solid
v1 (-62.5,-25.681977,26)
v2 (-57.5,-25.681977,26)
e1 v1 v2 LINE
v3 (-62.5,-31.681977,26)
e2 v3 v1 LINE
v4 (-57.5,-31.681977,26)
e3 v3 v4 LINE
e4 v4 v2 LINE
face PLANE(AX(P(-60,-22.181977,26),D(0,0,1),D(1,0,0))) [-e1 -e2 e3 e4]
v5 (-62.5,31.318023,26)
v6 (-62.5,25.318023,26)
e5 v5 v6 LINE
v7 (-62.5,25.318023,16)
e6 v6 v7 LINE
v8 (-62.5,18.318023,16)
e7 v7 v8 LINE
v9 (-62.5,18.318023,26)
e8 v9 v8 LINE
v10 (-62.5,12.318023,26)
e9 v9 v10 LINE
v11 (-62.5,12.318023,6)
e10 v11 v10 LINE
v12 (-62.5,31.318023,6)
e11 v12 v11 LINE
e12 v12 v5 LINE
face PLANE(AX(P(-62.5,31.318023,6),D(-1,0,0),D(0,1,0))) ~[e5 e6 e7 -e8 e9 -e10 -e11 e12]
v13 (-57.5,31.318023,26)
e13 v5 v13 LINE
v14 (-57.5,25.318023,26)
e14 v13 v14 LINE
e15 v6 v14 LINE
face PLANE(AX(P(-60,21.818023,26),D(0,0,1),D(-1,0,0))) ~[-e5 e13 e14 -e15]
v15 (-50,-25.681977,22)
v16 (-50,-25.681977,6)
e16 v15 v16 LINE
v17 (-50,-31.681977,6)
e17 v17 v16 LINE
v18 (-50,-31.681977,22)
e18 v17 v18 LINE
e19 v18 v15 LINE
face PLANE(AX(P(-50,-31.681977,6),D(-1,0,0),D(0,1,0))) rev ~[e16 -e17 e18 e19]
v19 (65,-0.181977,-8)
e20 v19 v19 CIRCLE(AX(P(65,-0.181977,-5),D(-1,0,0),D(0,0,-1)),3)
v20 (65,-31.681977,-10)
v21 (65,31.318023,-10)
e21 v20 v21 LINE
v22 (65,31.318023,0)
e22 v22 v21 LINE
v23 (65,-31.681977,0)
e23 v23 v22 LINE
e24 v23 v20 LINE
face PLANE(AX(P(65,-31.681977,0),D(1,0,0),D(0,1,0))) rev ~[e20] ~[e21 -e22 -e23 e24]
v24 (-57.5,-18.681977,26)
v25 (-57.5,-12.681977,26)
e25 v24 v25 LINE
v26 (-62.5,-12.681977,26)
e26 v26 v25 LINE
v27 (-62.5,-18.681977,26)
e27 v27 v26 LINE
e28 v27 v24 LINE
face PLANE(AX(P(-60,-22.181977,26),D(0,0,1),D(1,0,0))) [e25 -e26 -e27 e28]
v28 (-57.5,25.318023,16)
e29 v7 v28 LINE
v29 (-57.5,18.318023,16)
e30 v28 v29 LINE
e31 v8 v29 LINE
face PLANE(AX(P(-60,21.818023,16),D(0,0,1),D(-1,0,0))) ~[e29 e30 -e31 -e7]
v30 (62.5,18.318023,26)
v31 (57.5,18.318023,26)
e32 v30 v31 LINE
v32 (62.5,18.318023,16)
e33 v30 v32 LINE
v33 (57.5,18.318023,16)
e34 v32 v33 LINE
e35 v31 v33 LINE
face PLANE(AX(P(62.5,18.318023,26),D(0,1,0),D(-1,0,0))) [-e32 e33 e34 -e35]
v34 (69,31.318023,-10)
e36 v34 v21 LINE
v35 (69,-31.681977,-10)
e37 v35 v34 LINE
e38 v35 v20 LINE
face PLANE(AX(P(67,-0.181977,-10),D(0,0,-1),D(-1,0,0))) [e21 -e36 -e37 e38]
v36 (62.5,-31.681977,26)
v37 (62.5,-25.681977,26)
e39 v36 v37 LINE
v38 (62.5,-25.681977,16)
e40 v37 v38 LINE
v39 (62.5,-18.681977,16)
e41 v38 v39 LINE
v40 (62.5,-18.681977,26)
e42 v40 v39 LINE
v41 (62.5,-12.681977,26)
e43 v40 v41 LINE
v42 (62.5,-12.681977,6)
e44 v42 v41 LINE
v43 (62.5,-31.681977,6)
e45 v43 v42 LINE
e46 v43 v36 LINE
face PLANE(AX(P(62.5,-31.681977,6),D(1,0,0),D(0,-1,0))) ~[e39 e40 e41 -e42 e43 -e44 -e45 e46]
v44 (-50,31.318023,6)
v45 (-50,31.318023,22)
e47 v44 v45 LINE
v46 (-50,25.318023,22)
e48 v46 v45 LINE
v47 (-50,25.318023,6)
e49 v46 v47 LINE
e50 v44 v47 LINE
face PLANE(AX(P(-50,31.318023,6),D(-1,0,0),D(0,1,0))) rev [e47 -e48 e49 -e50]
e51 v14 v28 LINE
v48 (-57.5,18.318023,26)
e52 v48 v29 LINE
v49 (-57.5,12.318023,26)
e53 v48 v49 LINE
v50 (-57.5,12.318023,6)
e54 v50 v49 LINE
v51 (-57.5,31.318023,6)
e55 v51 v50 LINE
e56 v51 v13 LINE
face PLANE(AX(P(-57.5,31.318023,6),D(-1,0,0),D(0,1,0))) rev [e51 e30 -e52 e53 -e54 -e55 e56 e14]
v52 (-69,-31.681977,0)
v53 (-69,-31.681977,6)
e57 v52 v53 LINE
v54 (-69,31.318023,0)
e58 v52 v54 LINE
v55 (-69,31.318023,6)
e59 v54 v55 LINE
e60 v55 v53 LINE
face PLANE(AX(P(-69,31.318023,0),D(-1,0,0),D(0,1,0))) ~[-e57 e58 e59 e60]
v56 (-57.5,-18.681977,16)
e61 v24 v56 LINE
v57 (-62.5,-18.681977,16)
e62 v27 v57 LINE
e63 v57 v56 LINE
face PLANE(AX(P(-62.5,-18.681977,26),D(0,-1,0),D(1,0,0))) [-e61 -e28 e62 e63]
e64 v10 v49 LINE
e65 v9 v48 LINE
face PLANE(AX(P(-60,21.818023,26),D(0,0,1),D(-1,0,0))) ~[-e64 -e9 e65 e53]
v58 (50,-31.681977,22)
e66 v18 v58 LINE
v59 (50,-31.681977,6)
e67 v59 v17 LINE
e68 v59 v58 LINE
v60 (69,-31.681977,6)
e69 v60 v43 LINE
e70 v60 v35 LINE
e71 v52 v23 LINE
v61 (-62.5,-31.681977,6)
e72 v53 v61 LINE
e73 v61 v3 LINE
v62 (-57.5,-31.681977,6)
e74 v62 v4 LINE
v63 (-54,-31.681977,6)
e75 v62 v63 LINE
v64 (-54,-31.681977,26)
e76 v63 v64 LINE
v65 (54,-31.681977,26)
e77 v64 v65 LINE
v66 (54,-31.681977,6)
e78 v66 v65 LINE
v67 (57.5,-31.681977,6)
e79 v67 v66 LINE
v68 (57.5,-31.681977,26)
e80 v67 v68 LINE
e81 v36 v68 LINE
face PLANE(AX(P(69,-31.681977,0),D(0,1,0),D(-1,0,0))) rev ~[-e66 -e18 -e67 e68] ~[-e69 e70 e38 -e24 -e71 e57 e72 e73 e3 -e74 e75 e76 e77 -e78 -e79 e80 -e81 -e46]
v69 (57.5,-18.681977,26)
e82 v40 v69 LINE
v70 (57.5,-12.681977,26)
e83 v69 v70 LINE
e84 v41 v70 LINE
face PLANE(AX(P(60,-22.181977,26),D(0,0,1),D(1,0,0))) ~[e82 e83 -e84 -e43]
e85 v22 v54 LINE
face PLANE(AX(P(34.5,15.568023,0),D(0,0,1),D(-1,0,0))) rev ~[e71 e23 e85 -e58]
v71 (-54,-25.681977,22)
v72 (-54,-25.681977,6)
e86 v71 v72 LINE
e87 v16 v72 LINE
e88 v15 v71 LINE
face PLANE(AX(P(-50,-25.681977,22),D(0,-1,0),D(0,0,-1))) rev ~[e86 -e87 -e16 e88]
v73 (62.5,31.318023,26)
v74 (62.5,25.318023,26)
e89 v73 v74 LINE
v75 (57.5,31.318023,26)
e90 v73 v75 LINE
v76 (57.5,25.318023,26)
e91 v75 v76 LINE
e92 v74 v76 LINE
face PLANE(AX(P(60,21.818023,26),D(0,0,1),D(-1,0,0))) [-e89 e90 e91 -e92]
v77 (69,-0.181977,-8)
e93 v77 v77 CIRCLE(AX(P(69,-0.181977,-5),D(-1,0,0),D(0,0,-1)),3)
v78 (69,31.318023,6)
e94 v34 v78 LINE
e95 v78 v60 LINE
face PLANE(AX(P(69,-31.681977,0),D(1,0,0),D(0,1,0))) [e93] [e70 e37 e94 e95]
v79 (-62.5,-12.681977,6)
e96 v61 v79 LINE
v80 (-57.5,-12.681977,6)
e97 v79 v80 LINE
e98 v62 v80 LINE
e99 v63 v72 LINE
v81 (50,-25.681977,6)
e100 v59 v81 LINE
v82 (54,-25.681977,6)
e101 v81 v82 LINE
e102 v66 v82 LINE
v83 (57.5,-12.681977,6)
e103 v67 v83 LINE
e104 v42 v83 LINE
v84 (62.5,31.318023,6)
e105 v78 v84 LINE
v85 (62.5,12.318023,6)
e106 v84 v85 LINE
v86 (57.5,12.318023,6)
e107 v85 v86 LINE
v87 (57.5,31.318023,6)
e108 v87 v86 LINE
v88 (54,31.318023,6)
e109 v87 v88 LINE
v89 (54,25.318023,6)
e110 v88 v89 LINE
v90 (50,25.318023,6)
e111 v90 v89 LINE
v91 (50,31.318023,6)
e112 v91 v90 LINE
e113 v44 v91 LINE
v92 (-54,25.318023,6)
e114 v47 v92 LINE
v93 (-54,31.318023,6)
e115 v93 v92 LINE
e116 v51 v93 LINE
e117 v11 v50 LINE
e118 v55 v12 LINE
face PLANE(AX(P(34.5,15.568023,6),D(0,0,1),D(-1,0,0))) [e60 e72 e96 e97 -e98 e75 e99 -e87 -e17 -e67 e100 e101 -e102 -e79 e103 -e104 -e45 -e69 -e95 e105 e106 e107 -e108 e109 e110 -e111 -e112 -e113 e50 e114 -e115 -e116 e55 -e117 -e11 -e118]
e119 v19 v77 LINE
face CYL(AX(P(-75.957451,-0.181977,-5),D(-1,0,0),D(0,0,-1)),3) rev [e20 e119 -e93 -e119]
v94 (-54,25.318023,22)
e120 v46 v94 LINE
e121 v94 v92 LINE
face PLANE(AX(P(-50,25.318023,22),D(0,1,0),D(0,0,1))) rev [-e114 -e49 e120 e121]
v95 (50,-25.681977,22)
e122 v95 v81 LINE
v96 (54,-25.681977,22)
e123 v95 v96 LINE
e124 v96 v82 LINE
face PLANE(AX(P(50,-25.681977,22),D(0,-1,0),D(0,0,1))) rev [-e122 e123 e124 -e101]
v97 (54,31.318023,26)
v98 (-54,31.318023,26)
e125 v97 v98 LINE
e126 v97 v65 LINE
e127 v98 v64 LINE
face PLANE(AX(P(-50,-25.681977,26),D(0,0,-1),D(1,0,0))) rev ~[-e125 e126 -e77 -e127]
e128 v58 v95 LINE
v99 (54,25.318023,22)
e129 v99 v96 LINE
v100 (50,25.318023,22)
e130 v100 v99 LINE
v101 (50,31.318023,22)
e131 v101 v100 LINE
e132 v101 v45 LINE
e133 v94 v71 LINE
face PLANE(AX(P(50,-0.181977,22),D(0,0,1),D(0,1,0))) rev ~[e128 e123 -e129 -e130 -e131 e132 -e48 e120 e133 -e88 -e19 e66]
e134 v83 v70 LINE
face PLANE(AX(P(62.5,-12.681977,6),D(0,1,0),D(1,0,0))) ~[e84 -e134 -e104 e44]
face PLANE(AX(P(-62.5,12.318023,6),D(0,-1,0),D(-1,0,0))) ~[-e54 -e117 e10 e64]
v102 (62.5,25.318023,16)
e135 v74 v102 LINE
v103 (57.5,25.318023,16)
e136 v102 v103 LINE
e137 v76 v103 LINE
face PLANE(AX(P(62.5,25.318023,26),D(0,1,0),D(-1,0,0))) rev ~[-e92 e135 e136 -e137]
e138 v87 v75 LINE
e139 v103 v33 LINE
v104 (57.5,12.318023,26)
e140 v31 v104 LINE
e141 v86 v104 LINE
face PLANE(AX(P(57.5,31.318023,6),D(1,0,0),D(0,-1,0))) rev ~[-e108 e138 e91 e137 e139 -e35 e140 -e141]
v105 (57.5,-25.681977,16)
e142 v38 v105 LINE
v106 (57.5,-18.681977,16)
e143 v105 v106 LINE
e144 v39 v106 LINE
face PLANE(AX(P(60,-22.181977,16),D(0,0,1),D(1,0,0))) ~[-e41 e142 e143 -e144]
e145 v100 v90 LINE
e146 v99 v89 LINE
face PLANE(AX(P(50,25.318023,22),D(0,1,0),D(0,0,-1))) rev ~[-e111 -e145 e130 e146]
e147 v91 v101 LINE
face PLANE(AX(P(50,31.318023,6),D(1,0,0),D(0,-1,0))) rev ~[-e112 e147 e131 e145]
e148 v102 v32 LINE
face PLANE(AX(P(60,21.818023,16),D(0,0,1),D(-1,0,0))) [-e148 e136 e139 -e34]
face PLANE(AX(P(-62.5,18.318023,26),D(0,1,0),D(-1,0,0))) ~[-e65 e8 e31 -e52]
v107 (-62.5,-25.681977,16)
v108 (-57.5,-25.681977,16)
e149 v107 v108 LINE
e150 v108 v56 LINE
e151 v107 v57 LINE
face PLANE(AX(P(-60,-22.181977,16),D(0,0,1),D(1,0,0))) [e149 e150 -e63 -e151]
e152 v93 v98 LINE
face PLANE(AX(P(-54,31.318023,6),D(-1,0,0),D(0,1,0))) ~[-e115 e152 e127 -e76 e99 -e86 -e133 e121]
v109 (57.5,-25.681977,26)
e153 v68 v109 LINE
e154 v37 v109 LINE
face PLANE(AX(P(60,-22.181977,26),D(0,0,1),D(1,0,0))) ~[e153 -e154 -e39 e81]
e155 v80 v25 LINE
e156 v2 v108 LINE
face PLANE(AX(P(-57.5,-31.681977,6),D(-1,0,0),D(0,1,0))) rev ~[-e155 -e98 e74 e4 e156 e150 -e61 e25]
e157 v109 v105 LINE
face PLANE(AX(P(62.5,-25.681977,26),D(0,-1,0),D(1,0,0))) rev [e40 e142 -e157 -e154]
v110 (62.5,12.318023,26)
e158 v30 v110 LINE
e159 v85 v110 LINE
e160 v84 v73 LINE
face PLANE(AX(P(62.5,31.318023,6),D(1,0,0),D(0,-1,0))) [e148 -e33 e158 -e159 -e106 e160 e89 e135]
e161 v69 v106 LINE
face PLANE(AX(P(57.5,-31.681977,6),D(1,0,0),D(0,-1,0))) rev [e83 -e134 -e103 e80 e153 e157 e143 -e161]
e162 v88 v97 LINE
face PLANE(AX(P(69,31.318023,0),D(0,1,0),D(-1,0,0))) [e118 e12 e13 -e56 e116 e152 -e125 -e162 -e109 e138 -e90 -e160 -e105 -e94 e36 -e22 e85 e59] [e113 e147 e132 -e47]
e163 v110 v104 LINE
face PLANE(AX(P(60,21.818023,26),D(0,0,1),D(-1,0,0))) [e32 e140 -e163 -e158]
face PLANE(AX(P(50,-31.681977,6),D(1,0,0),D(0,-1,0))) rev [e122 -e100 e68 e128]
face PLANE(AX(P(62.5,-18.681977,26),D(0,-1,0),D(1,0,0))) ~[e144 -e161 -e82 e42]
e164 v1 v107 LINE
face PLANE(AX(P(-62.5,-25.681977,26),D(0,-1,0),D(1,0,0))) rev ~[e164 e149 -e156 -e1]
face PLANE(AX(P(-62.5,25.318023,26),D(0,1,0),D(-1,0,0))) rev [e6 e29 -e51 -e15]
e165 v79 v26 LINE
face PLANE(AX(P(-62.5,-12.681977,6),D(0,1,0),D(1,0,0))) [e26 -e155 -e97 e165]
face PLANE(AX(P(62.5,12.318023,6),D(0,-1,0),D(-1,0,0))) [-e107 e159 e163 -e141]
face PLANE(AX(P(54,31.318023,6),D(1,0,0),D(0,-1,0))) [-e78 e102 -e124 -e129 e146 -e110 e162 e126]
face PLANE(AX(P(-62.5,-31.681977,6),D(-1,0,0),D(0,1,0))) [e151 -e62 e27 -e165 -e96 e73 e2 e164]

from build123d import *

# Parameters (mm, degrees)
ESBO_O1_W                  = 69
ESBO_O1_H                  = 31.5
RESSALTO_EXTRUS_O1_DEPTH   = 6
ESBO_O2_W                  = 5
ESBO_O2_H                  = 19
RESSALTO_EXTRUS_O2_DEPTH   = 20
ESBO_O3_W                  = 5
ESBO_O3_H                  = 7
CORTE_EXTRUS_O1_DEPTH      = 10
ESBO_O4_W                  = 4
ESBO_O4_H                  = 31.5
RESSALTO_EXTRUS_O3_DEPTH   = 20
CORTE_EXTRUS_O2_DEPTH      = 4
ESBO_O6_W                  = 4
ESBO_O6_H                  = 6
RESSALTO_EXTRUS_O4_DEPTH   = 50
ESBO_O7_W                  = 4
ESBO_O7_H                  = 63
RESSALTO_EXTRUS_O5_DEPTH   = 10
CORTE_EXTRUS_O3_DEPTH      = 144.957450913
CORTE_EXTRUS_O3_DEPTH_BACK = 144.957450913
ESBO_O8_R                  = 3
ESBO_O13_W                 = 100
ESBO_O13_H                 = 4
RESSALTO_EXTRUS_O6_DEPTH   = 53


with BuildPart() as part:
    # Esboço1 → Ressalto-extrusão1 (new body)
    with BuildSketch(Plane.XY):
        with Locations((-34.5, -15.931977108)):
            Rectangle(ESBO_O1_W, ESBO_O1_H)
    extrude(amount=RESSALTO_EXTRUS_O1_DEPTH)

    # Esboço2 → Ressalto-extrusão2 (add)
    with BuildSketch(Plane.XY.offset(6)):
        with Locations((-60, -22.181977108)):
            Rectangle(ESBO_O2_W, ESBO_O2_H)
    extrude(amount=RESSALTO_EXTRUS_O2_DEPTH)

    # Esboço3 → Corte-extrusão1 (cut)
    with BuildSketch(Plane.XY.offset(26)):
        with Locations((-60, -22.181977108)):
            Rectangle(ESBO_O3_W, ESBO_O3_H)
    extrude(amount=-CORTE_EXTRUS_O1_DEPTH, mode=Mode.SUBTRACT)

    # Esboço4 → Ressalto-extrusão3 (add)
    with BuildSketch(Plane.XY.offset(6)):
        with Locations((-52, -15.931977108)):
            Rectangle(ESBO_O4_W, ESBO_O4_H)
    extrude(amount=RESSALTO_EXTRUS_O3_DEPTH)

    # Esboço5 → Corte-extrusão2 (cut)
    with BuildSketch(Plane(origin=(-50, 0, 0), x_dir=(0, 0, -1), z_dir=(1, 0, 0))):
        Polygon((-22, -25.681977108), (-6, -25.681977108), (-6, -0.181977108), (-22, -0.181977108), (-22, -6.181977108), align=None)
    extrude(amount=-CORTE_EXTRUS_O2_DEPTH, mode=Mode.SUBTRACT)

    # Esboço6 → Ressalto-extrusão4 (add)
    with BuildSketch(Plane(origin=(-50, 0, 0), x_dir=(0, 0, -1), z_dir=(1, 0, 0))):
        with Locations((-24, -28.681977108)):
            Rectangle(ESBO_O6_W, ESBO_O6_H)
    extrude(amount=RESSALTO_EXTRUS_O4_DEPTH)

    # Espelhar10: part across plane


with BuildPart() as part_1:
    add(part.part)
    add(part.part.mirror(Plane.ZX.offset(-0.181977108)))

    # Espelhar11: part across plane


with BuildPart() as part_2:
    add(part_1.part)
    add(part_1.part.mirror(Plane(origin=(0, 0, 0), x_dir=(0, 0, 1), z_dir=(1, 0, 0))))

    # Esboço7 → Ressalto-extrusão5 (add)
    with BuildSketch(Plane(origin=(0, 0, 0), x_dir=(-1, 0, 0), z_dir=(0, 0, -1))):
        with Locations((-67, -0.181977108)):
            Rectangle(ESBO_O7_W, ESBO_O7_H)
    extrude(amount=RESSALTO_EXTRUS_O5_DEPTH)

    # Esboço8 → Corte-extrusão3 (cut, two sides: drawn at the far end of the back side and taken through both)
    with BuildSketch(Plane(origin=(69, 0, 0), x_dir=(0, 0, -1), z_dir=(1, 0, 0)).offset(-CORTE_EXTRUS_O3_DEPTH_BACK)):
        with Locations((5, -0.181977108)):
            Circle(ESBO_O8_R)
    extrude(amount=CORTE_EXTRUS_O3_DEPTH + CORTE_EXTRUS_O3_DEPTH_BACK, mode=Mode.SUBTRACT)

    # Esboço13 → Ressalto-extrusão6 (add)
    with BuildSketch(Plane(origin=(0, -25.681977108, 0), x_dir=(1, 0, 0), z_dir=(0, 1, 0))):
        with Locations((0, -24)):
            Rectangle(ESBO_O13_W, ESBO_O13_H)
    extrude(amount=RESSALTO_EXTRUS_O6_DEPTH)


solid = part_2.part
